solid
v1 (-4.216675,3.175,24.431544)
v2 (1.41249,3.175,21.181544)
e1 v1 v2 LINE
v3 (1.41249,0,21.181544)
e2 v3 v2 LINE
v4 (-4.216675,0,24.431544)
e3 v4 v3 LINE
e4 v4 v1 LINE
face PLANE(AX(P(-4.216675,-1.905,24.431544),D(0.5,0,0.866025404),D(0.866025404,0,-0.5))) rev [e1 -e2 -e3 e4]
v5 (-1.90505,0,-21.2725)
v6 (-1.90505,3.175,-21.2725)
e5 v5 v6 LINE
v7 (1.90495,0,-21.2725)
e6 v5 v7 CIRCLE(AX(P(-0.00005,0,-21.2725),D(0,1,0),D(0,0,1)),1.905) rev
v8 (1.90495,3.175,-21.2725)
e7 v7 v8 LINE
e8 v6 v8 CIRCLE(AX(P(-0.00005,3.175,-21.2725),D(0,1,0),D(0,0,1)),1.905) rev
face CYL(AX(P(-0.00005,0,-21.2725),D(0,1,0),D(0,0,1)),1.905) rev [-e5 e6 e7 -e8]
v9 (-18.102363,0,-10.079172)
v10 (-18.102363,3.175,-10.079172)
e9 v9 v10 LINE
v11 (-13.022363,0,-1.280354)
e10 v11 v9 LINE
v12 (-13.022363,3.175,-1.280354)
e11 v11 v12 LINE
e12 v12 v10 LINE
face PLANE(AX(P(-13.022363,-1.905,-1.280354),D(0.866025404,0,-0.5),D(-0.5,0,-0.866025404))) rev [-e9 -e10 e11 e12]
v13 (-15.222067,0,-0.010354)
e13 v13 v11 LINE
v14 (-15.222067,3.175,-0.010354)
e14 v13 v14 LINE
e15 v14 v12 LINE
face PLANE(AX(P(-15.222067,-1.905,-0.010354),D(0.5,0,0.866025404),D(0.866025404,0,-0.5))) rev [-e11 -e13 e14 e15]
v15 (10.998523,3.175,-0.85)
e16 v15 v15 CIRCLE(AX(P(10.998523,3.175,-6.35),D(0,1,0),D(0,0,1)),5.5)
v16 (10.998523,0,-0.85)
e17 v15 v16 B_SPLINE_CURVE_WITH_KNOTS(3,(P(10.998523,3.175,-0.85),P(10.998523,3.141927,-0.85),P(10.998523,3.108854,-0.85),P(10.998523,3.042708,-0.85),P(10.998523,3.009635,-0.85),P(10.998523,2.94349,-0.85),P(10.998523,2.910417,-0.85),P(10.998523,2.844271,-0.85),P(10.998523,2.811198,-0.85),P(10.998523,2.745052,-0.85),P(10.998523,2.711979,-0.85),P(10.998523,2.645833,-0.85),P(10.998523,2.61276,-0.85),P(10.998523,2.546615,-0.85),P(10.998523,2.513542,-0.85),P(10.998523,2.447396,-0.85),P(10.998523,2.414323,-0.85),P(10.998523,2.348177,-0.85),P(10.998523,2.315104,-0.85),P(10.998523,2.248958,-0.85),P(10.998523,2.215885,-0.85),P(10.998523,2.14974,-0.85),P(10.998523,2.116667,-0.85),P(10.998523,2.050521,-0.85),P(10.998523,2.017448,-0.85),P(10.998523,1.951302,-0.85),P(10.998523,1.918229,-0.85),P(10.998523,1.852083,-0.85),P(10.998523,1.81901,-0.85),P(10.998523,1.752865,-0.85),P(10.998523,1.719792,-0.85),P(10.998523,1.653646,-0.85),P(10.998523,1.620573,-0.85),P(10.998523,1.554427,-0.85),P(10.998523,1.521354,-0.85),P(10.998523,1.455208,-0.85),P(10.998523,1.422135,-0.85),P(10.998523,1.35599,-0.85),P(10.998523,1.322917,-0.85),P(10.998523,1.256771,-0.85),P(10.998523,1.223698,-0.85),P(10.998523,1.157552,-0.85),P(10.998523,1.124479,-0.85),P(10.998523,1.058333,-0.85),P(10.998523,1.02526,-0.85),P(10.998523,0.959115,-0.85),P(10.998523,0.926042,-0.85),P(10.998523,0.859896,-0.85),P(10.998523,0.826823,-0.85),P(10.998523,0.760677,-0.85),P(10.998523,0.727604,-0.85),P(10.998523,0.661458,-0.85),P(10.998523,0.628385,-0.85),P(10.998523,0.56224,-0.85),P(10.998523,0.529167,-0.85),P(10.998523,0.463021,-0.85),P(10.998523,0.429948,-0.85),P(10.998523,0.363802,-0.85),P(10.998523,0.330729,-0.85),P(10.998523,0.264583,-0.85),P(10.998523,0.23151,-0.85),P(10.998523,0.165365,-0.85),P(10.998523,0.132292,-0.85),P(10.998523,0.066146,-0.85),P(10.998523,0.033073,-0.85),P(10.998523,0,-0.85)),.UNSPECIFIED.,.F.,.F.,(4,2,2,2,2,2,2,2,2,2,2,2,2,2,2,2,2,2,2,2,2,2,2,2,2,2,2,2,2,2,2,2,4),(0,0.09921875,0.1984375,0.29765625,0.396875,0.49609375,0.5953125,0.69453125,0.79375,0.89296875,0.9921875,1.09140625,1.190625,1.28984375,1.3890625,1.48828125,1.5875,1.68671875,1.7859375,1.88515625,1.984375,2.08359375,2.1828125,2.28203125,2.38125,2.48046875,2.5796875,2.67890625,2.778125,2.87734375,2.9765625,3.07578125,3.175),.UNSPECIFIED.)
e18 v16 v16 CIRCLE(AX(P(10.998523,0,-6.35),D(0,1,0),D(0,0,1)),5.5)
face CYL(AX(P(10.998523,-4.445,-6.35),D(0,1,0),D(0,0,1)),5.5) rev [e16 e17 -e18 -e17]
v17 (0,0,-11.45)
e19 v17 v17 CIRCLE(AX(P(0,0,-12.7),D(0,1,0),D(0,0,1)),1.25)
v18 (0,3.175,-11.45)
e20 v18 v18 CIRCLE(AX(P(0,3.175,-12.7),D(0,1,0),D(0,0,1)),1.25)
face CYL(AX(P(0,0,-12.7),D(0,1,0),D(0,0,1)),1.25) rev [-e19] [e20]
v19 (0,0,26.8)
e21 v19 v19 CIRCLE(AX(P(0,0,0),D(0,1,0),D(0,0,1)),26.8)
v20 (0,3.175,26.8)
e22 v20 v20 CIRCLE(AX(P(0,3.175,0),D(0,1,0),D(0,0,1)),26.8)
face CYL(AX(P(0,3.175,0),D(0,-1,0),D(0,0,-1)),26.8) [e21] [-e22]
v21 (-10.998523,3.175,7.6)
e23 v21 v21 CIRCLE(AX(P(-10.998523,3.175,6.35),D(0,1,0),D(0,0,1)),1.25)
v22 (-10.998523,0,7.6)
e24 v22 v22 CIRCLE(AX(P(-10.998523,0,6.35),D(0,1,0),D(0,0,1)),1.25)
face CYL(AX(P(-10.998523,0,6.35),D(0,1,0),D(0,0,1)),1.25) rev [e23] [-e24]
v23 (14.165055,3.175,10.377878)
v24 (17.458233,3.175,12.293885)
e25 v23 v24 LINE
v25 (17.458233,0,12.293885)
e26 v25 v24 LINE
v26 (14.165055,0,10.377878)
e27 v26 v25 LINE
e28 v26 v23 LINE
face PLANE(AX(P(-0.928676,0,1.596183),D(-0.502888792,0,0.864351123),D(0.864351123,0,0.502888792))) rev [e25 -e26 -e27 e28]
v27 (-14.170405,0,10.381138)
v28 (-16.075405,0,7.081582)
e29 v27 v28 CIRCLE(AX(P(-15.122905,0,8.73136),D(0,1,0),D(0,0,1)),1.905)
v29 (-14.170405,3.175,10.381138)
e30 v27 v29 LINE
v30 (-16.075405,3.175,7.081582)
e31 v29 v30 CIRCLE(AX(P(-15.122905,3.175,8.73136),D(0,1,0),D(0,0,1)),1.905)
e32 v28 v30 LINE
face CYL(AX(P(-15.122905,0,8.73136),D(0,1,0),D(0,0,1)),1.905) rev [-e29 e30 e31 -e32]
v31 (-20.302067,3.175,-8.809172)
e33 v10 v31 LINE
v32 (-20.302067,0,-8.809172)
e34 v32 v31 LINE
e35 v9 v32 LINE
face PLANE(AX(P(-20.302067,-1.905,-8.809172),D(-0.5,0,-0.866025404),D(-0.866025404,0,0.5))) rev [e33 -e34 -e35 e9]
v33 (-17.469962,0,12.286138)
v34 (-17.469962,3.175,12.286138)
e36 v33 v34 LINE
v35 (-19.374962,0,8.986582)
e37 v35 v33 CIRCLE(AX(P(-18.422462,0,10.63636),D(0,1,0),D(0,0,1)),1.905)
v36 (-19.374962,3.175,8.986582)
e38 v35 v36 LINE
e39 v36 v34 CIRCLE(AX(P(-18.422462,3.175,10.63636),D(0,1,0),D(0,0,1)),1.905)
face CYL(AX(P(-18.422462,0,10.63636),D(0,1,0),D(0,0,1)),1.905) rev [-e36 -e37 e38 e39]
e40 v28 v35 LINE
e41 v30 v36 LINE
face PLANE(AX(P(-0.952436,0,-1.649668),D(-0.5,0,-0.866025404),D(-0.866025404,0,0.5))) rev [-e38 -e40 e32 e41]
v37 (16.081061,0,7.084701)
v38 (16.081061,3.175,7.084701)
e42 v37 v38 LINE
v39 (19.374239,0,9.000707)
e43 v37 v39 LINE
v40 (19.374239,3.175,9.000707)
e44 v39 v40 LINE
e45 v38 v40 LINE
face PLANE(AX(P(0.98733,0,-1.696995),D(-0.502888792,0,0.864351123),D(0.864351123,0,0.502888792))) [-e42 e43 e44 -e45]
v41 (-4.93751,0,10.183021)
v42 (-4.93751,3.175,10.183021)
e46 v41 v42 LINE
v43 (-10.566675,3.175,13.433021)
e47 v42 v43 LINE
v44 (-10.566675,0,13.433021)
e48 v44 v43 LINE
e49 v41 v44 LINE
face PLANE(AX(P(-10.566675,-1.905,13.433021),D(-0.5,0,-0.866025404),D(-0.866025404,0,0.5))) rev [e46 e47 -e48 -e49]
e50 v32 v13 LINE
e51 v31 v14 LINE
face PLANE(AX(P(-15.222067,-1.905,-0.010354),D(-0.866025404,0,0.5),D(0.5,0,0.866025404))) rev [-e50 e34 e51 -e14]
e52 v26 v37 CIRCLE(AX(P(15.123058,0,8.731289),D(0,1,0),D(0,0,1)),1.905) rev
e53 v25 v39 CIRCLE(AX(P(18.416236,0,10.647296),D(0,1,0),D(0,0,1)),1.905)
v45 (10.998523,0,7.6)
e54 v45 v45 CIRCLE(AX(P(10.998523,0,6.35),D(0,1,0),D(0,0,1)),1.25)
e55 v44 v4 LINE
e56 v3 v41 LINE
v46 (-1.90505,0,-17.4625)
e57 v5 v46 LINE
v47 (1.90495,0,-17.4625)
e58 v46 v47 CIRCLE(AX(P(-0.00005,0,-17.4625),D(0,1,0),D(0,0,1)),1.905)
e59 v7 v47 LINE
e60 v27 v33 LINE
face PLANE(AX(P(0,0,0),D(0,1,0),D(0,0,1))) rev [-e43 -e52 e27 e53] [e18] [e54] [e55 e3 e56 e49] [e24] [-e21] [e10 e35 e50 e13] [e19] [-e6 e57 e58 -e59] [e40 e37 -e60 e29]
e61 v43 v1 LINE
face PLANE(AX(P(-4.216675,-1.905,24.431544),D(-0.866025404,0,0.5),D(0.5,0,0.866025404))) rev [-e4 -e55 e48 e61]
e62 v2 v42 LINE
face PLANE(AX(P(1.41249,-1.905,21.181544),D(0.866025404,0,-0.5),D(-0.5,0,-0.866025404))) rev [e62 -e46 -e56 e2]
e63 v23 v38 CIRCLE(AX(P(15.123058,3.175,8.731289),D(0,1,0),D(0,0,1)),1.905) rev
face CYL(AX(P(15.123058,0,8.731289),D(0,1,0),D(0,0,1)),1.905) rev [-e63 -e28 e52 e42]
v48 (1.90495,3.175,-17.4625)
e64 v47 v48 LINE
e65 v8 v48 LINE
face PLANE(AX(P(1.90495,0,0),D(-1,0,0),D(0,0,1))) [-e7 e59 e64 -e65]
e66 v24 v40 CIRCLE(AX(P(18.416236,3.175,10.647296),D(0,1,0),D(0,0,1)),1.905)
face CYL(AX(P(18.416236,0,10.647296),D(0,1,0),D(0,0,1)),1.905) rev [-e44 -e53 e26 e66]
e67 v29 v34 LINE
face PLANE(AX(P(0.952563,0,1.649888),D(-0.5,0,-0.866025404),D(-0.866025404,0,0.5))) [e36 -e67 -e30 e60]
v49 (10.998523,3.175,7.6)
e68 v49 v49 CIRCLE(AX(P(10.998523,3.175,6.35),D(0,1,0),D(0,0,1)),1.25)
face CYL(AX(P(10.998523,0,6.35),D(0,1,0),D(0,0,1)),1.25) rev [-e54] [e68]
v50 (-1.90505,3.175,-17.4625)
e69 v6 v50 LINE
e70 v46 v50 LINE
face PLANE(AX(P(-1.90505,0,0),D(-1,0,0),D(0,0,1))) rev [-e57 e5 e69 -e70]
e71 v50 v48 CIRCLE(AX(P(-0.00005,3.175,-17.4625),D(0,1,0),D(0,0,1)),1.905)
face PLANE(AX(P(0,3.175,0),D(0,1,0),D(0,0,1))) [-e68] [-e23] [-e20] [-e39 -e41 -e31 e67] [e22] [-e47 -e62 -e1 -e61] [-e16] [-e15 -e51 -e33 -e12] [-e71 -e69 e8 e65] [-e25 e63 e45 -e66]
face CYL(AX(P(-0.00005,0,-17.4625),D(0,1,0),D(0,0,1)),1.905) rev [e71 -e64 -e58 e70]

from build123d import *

# Parameters (mm, degrees)
SKETCH2_R           = 26.799999994
BOSS_EXTRUDE1_DEPTH = 3.175
SKETCH3_W           = 3.81
SKETCH3_H           = 3.81
SKETCH3_R           = 1.25
CUT_EXTRUDE1_DEPTH  = 3.175
SKETCH4_R           = 5.5
CUT_EXTRUDE2_DEPTH  = 7.62
CUT_EXTRUDE3_DEPTH  = 5.08


with BuildPart() as part:
    # Sketch2 → Boss-Extrude1 (new body)
    with BuildSketch(Plane(origin=(0, 0, 0), x_dir=(1, 0, 0), z_dir=(0, 1, 0))):
        with Locations(Location((0, 0, 0), (0, 0, 270))):
            Circle(SKETCH2_R)
    extrude(amount=BOSS_EXTRUDE1_DEPTH)

    # Sketch3 → Cut-Extrude1 (cut)
    with BuildSketch(Plane(origin=(0, 3.175, 0), x_dir=(1, 0, 0), z_dir=(0, 1, 0))):
        with Locations((-5e-05, 19.3675)):
            Rectangle(SKETCH3_W, SKETCH3_H)
        with BuildLine():
            ThreePointArc((-1.90505, 21.2725), (-5e-05, 23.1775), (1.90495, 21.2725))
            Line((1.90495, 21.2725), (-1.90505, 21.2725))
        make_face()
        with BuildLine():
            Line((-1.90505, 17.4625), (1.90495, 17.4625))
            ThreePointArc((1.90495, 17.4625), (-5e-05, 15.5575), (-1.90505, 17.4625))
        make_face()
        Polygon((16.0810614, -7.084700603), (19.374239178, -9.000706899), (17.458232881, -12.293884676), (14.165055104, -10.37787838), align=None)
        with BuildLine():
            ThreePointArc((14.165055104, -10.37787838), (13.476469363, -7.773286343), (16.0810614, -7.084700603))
            Line((16.0810614, -7.084700603), (14.165055104, -10.37787838))
        make_face()
        with BuildLine():
            Line((17.458232881, -12.293884676), (19.374239178, -9.000706899))
            ThreePointArc((19.374239178, -9.000706899), (20.062824918, -11.605298935), (17.458232881, -12.293884676))
        make_face()
        Polygon((-14.170405114, -10.381138379), (-16.075405114, -7.081581591), (-19.374961902, -8.986581591), (-17.469961902, -12.286138379), align=None)
        with BuildLine():
            Line((-14.170405114, -10.381138379), (-16.075405114, -7.081581591))
            ThreePointArc((-16.075405114, -7.081581591), (-13.473126719, -7.778859985), (-14.170405114, -10.381138379))
        make_face()
        with BuildLine():
            Line((-17.469961902, -12.286138379), (-19.374961902, -8.986581591))
            ThreePointArc((-19.374961902, -8.986581591), (-20.072240296, -11.588859985), (-17.469961902, -12.286138379))
        make_face()
        with Locations(Location((-10.998522628, -6.35, 0), (0, 0, 270))):
            Circle(SKETCH3_R)
        with Locations(Location((0, 12.7, 0), (0, 0, 270))):
            Circle(SKETCH3_R)
        with Locations(Location((10.998522628, -6.35, 0), (0, 0, 270))):
            Circle(SKETCH3_R)
    extrude(amount=-CUT_EXTRUDE1_DEPTH, mode=Mode.SUBTRACT)

    # Sketch4 → Cut-Extrude2 (cut)
    with BuildSketch(Plane(origin=(0, 3.175, 0), x_dir=(1, 0, 0), z_dir=(0, 1, 0))):
        with Locations(Location((10.998522628, 6.35, 0), (0, 0, 270))):
            Circle(SKETCH4_R)
    extrude(amount=-CUT_EXTRUDE2_DEPTH, mode=Mode.SUBTRACT)

    # Sketch5 → Cut-Extrude3 (cut)
    with BuildSketch(Plane(origin=(0, 3.175, 0), x_dir=(1, 0, 0), z_dir=(0, 1, 0))):
        Polygon((-4.216675415, -24.431543942), (1.41248971, -21.181543942), (-4.93751029, -10.183021314), (-10.566675415, -13.433021314), align=None)
        Polygon((-15.222067079, 0.010353577), (-13.022362553, 1.280353577), (-18.102362553, 10.079171679), (-20.302067079, 8.809171679), align=None)
    extrude(amount=-CUT_EXTRUDE3_DEPTH, mode=Mode.SUBTRACT)


solid = part.part
